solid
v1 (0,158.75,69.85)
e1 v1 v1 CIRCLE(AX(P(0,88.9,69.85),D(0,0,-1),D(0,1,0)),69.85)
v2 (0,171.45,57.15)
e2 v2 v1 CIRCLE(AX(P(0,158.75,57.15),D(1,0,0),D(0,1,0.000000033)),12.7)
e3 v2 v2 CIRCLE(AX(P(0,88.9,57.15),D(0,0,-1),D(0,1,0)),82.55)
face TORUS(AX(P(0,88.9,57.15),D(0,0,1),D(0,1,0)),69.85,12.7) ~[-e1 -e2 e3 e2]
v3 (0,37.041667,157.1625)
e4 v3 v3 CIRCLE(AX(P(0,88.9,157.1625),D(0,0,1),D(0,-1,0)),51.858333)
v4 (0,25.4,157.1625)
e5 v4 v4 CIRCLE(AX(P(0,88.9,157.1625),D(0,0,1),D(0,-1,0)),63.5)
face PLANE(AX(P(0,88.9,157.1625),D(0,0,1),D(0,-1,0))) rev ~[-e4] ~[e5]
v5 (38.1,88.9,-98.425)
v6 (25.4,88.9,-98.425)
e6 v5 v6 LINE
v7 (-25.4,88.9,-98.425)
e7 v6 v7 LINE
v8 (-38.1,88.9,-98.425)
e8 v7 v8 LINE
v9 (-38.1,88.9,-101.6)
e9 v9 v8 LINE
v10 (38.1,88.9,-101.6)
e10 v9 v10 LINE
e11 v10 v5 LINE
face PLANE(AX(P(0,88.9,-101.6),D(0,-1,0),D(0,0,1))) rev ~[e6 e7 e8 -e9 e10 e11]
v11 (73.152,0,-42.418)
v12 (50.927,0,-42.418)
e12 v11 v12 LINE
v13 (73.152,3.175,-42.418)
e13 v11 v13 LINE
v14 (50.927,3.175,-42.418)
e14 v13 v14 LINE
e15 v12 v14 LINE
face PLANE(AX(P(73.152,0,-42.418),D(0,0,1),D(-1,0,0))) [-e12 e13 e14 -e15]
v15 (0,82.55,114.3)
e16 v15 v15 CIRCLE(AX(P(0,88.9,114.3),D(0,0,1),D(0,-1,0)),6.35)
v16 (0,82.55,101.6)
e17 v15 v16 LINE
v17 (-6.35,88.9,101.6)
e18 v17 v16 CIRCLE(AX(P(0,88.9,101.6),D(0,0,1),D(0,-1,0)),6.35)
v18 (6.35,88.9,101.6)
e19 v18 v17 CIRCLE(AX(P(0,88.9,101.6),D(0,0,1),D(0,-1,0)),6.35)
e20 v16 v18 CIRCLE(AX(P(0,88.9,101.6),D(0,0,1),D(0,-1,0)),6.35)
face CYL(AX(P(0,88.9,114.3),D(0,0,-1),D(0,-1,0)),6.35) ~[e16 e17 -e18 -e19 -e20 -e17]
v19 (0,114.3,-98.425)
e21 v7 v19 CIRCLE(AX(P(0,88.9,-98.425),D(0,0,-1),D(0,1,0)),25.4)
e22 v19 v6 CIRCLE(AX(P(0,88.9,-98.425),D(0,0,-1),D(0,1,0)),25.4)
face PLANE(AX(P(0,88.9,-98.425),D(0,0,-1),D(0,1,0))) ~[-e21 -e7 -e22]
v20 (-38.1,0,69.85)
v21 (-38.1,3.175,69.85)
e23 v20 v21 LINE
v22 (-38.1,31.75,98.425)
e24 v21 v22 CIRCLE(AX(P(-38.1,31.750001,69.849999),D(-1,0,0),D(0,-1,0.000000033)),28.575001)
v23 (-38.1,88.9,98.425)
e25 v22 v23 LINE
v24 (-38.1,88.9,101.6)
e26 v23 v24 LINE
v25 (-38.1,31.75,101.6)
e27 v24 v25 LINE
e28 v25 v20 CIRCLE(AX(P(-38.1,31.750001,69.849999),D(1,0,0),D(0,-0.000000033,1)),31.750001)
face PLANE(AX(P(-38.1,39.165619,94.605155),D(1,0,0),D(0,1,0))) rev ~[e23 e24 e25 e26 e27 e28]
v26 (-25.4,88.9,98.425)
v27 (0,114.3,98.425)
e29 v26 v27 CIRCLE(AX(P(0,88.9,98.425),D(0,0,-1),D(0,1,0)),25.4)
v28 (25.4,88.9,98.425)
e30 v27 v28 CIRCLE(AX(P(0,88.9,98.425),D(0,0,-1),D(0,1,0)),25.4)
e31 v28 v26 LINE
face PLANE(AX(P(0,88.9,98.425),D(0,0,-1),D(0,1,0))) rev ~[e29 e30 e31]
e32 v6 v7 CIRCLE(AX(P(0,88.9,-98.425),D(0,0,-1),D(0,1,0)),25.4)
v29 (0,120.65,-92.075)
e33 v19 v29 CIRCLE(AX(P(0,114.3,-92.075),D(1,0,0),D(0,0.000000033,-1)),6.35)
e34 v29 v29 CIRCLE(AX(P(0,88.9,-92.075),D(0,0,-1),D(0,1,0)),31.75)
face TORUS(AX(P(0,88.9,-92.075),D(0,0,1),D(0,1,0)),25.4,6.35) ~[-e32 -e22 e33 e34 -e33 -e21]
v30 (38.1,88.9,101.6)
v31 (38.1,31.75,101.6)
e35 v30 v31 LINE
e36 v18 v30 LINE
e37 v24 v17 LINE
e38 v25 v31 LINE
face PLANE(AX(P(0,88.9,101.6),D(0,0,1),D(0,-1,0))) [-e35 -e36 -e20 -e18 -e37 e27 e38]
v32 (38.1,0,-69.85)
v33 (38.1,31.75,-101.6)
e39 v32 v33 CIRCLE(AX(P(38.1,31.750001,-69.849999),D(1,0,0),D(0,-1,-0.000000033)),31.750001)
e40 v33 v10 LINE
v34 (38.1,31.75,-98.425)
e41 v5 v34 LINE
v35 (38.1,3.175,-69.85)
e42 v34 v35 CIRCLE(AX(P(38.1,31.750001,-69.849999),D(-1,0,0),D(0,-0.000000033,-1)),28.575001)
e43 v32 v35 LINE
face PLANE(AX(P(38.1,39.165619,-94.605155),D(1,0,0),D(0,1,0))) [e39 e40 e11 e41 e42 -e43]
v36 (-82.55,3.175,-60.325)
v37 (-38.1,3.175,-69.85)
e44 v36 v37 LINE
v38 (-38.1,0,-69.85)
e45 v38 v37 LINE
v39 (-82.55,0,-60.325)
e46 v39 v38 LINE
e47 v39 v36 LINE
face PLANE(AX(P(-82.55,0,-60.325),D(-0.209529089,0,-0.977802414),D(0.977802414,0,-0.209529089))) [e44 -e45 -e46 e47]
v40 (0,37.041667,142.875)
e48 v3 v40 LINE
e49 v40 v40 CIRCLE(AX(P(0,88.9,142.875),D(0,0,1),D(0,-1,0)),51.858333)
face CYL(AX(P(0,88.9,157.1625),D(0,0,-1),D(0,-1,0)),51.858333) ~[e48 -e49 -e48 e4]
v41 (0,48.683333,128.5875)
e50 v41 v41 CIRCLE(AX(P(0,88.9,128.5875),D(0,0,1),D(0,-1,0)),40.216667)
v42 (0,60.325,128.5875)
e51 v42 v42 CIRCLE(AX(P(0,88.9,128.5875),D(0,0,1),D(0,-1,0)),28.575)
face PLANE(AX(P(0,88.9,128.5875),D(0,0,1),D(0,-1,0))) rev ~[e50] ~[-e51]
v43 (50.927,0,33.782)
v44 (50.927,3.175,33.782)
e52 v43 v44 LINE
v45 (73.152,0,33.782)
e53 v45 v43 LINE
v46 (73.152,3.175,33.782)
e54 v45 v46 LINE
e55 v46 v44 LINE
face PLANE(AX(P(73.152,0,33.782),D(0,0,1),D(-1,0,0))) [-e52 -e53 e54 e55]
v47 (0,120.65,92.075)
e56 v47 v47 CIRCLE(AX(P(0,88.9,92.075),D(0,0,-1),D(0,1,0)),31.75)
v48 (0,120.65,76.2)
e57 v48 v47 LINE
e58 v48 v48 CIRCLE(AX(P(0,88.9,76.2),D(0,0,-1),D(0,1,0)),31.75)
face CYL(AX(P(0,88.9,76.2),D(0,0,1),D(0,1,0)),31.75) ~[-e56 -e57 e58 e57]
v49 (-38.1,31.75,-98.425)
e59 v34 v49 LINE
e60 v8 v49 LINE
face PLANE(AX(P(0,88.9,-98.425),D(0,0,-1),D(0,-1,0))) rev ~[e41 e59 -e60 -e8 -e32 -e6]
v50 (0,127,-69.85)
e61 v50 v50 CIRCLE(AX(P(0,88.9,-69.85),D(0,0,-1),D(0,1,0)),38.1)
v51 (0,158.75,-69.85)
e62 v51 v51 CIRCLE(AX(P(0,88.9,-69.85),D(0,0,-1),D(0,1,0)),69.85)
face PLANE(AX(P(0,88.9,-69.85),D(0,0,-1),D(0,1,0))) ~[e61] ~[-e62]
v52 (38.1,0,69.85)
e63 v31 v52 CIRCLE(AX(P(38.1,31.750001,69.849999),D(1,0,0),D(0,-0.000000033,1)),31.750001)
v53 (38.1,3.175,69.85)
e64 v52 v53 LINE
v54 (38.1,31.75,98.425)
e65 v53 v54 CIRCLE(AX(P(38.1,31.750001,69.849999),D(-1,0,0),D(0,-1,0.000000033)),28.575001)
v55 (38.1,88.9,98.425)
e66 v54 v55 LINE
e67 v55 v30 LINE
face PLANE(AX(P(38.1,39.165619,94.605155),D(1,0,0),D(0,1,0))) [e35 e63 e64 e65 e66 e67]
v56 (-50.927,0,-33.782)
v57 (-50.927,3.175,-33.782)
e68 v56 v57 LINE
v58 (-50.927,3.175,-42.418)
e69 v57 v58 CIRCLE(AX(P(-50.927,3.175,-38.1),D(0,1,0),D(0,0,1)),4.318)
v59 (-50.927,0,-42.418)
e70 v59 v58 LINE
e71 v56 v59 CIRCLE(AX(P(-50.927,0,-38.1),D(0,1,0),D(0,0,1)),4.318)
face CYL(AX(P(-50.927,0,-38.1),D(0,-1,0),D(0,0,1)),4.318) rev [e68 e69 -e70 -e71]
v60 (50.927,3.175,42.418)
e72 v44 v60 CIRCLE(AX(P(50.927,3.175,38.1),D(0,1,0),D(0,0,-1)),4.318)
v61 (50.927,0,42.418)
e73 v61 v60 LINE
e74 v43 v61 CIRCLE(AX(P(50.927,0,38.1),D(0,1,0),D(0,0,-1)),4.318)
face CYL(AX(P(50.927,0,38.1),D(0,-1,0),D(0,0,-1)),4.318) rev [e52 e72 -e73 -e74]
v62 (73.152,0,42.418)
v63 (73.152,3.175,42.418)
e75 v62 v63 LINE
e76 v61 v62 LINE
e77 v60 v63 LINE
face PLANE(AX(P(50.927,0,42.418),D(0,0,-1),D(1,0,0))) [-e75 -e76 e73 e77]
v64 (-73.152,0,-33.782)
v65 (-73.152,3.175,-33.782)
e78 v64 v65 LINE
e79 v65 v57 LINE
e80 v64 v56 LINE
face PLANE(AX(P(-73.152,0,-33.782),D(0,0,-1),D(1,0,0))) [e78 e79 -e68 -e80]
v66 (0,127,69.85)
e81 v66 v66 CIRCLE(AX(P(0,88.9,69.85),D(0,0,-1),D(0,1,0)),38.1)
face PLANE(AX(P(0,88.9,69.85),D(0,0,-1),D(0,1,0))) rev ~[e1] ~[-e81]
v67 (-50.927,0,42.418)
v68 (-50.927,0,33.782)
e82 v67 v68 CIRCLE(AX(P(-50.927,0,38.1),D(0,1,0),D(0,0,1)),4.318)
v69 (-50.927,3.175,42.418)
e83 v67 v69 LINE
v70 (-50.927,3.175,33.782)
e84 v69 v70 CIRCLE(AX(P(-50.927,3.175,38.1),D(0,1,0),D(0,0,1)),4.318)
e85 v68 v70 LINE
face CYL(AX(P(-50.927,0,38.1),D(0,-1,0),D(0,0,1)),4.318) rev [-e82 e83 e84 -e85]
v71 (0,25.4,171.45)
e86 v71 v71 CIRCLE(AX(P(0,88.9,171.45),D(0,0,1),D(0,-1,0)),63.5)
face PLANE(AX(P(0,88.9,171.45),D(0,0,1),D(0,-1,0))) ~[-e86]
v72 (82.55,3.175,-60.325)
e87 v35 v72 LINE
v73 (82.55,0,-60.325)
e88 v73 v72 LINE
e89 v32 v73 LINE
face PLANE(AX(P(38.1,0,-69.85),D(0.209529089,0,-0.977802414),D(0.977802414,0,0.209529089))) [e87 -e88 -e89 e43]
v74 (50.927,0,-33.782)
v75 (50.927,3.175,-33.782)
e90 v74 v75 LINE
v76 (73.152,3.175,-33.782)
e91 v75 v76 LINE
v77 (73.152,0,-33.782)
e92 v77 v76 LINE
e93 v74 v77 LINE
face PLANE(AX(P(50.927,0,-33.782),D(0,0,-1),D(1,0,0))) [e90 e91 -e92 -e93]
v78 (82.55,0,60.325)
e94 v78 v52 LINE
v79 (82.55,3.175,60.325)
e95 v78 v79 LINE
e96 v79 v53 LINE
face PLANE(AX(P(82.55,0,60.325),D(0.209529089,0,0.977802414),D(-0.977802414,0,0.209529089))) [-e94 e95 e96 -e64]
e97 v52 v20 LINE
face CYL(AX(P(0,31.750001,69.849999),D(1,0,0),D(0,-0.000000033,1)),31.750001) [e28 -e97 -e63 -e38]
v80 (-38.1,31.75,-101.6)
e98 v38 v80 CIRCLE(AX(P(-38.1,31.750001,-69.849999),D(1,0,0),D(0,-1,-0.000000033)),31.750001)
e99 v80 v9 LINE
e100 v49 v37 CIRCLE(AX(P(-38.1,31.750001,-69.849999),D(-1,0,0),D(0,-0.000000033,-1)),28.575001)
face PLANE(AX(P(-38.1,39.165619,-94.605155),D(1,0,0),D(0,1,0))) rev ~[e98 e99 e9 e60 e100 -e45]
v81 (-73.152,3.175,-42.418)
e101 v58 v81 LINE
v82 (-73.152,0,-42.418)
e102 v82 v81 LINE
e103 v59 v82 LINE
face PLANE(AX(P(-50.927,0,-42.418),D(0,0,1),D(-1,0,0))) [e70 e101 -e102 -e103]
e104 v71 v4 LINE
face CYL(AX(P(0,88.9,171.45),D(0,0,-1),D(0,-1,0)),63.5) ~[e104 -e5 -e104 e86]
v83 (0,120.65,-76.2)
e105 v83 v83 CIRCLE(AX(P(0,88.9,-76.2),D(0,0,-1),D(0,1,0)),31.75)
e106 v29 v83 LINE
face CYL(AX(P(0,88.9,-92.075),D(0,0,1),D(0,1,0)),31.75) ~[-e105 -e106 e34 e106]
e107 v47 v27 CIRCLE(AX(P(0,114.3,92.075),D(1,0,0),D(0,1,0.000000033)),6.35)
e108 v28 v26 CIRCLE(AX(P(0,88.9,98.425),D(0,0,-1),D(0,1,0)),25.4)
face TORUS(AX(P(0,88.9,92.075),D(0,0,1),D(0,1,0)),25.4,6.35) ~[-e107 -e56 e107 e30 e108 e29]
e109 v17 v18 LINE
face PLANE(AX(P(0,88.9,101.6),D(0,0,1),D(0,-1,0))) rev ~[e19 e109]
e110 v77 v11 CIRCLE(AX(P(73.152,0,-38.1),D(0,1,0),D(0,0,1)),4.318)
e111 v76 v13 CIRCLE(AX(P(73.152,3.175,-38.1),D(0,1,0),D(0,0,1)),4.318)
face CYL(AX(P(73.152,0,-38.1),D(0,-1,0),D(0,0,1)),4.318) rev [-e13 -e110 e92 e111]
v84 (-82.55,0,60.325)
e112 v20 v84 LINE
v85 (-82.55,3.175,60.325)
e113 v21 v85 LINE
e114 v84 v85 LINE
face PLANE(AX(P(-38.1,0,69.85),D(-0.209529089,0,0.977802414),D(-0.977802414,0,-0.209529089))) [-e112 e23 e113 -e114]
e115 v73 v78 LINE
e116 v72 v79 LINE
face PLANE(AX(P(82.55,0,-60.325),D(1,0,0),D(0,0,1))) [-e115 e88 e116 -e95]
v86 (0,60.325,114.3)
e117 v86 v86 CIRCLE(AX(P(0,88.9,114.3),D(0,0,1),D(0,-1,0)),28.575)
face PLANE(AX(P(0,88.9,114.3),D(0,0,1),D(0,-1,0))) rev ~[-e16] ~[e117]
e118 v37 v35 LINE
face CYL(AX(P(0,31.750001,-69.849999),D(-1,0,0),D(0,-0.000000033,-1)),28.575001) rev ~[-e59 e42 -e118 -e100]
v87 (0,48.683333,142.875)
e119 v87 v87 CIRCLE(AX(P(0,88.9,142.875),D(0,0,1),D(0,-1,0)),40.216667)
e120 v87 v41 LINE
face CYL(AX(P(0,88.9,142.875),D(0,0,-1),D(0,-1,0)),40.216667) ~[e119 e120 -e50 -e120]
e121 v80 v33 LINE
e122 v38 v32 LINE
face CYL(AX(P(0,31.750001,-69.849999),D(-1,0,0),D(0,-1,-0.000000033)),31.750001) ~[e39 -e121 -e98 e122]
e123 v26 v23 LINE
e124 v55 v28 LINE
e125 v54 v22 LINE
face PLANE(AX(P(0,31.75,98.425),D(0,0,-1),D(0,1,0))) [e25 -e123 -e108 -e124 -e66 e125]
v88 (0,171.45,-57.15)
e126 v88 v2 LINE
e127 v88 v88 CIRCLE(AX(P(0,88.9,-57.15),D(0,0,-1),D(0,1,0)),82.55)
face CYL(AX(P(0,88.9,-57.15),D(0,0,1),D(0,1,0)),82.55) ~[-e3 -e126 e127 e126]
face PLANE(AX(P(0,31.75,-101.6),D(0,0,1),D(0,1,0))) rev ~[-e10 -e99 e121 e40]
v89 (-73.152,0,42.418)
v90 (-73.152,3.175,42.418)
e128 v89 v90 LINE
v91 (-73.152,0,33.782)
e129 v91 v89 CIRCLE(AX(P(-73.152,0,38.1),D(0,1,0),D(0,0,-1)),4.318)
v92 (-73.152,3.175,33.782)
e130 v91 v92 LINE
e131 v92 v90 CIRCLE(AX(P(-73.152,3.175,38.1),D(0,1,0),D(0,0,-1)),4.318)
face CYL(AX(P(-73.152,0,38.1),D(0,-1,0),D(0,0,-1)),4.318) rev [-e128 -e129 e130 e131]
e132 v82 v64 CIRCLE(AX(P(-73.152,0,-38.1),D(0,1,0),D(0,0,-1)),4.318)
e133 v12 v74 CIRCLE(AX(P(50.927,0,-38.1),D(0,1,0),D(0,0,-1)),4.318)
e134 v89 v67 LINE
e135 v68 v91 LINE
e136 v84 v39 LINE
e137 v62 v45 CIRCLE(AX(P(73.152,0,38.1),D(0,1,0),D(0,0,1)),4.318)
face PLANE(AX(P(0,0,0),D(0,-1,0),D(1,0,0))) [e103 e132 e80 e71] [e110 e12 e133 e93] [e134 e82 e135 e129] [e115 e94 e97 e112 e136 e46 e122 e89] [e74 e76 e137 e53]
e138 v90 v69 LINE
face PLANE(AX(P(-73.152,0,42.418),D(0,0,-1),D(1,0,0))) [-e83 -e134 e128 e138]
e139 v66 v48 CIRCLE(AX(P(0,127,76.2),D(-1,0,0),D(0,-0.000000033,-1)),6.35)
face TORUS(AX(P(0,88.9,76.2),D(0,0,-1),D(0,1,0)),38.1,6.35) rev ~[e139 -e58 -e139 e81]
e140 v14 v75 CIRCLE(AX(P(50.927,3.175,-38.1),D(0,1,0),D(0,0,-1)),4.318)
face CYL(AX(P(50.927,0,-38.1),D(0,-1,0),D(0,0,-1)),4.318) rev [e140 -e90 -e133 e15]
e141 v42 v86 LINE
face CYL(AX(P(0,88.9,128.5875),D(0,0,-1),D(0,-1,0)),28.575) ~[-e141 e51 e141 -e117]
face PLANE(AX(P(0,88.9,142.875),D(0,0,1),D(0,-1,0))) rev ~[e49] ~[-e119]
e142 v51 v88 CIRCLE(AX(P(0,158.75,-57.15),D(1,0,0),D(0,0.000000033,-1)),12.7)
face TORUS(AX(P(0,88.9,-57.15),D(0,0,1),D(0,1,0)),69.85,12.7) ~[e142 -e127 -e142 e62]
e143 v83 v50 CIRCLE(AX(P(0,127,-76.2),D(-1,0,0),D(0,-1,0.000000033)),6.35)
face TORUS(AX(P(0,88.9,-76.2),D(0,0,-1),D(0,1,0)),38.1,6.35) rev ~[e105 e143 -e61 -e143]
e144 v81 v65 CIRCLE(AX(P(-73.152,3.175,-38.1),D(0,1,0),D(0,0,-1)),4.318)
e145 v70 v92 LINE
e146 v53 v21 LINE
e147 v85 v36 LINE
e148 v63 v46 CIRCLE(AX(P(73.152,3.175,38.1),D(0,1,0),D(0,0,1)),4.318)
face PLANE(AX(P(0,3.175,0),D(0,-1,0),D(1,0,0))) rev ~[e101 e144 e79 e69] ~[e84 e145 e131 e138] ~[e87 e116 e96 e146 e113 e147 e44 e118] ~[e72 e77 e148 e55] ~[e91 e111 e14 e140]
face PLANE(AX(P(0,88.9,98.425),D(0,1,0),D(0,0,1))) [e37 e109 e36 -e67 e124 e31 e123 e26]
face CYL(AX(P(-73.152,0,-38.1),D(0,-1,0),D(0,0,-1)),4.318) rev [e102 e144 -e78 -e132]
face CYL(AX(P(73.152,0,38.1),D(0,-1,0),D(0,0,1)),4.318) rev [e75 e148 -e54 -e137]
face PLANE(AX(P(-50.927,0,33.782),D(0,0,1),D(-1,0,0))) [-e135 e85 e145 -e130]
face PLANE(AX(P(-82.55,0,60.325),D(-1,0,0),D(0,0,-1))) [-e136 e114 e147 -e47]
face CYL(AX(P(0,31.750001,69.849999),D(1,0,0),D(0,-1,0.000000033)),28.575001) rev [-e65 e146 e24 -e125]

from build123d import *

# Parameters (mm, degrees)
F1_DEPTH = 3.175
F3_DEPTH = 38.1


with BuildPart() as f1:
    # F0 (on Front) → F1 (new body)
    with BuildSketch(Plane.XZ):
        Polygon((-38.1, 69.85), (-82.55, 60.325), (-82.55, -60.325), (-38.1, -69.85), (38.1, -69.85), (82.55, -60.325), (82.55, 60.325), (38.1, 69.85), align=None)
        with BuildLine():
            Line((-50.927, -42.418), (-73.152, -42.418))
            ThreePointArc((-73.152, -42.418), (-77.47, -38.1), (-73.152, -33.782))
            Line((-73.152, -33.782), (-50.927, -33.782))
            ThreePointArc((-50.927, -33.782), (-46.609, -38.1), (-50.927, -42.418))
        make_face(mode=Mode.SUBTRACT)
        with BuildLine():
            ThreePointArc((73.152, -33.782), (77.47, -38.1), (73.152, -42.418))
            Line((73.152, -42.418), (50.927, -42.418))
            ThreePointArc((50.927, -42.418), (46.609, -38.1), (50.927, -33.782))
            Line((50.927, -33.782), (73.152, -33.782))
        make_face(mode=Mode.SUBTRACT)
        with BuildLine():
            ThreePointArc((-73.152, 33.782), (-77.47, 38.1), (-73.152, 42.418))
            Line((-73.152, 42.418), (-50.927, 42.418))
            ThreePointArc((-50.927, 42.418), (-46.609, 38.1), (-50.927, 33.782))
            Line((-50.927, 33.782), (-73.152, 33.782))
        make_face(mode=Mode.SUBTRACT)
        with BuildLine():
            ThreePointArc((50.927, 33.782), (46.609, 38.1), (50.927, 42.418))
            Line((50.927, 42.418), (73.152, 42.418))
            ThreePointArc((73.152, 42.418), (77.47, 38.1), (73.152, 33.782))
            Line((73.152, 33.782), (50.927, 33.782))
        make_face(mode=Mode.SUBTRACT)
    extrude(amount=-F1_DEPTH)

    # F2 (on Right) → F3 (join, symmetric)
    with BuildSketch(Plane.YZ):
        with BuildLine():
            Line((3.175, -69.85), (0, -69.85))
            ThreePointArc((0, -69.85), (9.29936, -92.30064), (31.75, -101.6))
            Line((31.75, -101.6), (88.9, -101.6))
            Line((88.9, -101.6), (88.9, -98.425))
            Line((88.9, -98.425), (31.75, -98.425))
            ThreePointArc((31.75, -98.425), (11.544424, -90.055576), (3.175, -69.85))
        make_face()
        with BuildLine():
            Line((88.9, 98.425), (88.9, 101.6))
            Line((88.9, 101.6), (31.75, 101.6))
            ThreePointArc((31.75, 101.6), (9.29936, 92.30064), (0, 69.85))
            Line((0, 69.85), (3.175, 69.85))
            ThreePointArc((3.175, 69.85), (11.544424, 90.055576), (31.75, 98.425))
            Line((31.75, 98.425), (88.9, 98.425))
        make_face()
    extrude(amount=F3_DEPTH, both=True)

    # F4 (on Right) → F5 (revolve)
    with BuildSketch(Plane.YZ):
        with BuildLine():
            Line((114.3, 98.425), (88.9, 98.425))
            Line((88.9, 98.425), (88.9, -98.425))
            Line((88.9, -98.425), (114.3, -98.425))
            ThreePointArc((114.3, -98.425), (118.790128, -96.565128), (120.65, -92.075))
            Line((120.65, -92.075), (120.65, -76.2))
            ThreePointArc((120.65, -76.2), (122.509872, -71.709872), (127, -69.85))
            Line((127, -69.85), (158.75, -69.85))
            ThreePointArc((158.75, -69.85), (167.730256, -66.130256), (171.45, -57.15))
            Line((171.45, -57.15), (171.45, 57.15))
            ThreePointArc((171.45, 57.15), (167.730256, 66.130256), (158.75, 69.85))
            Line((158.75, 69.85), (127, 69.85))
            ThreePointArc((127, 69.85), (122.509872, 71.709872), (120.65, 76.2))
            Line((120.65, 76.2), (120.65, 92.075))
            ThreePointArc((120.65, 92.075), (118.790128, 96.565128), (114.3, 98.425))
        make_face()
    revolve(axis=Axis((0, 88.9, -4.457965), (0, 0, -1)))

    # F6 (on Right) → F7 (revolve)
    with BuildSketch(Plane.YZ):
        Polygon((60.325, 114.3), (82.55, 114.3), (82.55, 101.6), (88.9, 101.6), (88.9, 171.45), (25.4, 171.45), (25.4, 157.1625), (37.041667, 157.1625), (37.041667, 142.875), (48.683333, 142.875), (48.683333, 128.5875), (60.325, 128.5875), align=None)
    revolve(axis=Axis((0, 88.9, 140.365311), (0, 0, 1)))


solid = f1.part
